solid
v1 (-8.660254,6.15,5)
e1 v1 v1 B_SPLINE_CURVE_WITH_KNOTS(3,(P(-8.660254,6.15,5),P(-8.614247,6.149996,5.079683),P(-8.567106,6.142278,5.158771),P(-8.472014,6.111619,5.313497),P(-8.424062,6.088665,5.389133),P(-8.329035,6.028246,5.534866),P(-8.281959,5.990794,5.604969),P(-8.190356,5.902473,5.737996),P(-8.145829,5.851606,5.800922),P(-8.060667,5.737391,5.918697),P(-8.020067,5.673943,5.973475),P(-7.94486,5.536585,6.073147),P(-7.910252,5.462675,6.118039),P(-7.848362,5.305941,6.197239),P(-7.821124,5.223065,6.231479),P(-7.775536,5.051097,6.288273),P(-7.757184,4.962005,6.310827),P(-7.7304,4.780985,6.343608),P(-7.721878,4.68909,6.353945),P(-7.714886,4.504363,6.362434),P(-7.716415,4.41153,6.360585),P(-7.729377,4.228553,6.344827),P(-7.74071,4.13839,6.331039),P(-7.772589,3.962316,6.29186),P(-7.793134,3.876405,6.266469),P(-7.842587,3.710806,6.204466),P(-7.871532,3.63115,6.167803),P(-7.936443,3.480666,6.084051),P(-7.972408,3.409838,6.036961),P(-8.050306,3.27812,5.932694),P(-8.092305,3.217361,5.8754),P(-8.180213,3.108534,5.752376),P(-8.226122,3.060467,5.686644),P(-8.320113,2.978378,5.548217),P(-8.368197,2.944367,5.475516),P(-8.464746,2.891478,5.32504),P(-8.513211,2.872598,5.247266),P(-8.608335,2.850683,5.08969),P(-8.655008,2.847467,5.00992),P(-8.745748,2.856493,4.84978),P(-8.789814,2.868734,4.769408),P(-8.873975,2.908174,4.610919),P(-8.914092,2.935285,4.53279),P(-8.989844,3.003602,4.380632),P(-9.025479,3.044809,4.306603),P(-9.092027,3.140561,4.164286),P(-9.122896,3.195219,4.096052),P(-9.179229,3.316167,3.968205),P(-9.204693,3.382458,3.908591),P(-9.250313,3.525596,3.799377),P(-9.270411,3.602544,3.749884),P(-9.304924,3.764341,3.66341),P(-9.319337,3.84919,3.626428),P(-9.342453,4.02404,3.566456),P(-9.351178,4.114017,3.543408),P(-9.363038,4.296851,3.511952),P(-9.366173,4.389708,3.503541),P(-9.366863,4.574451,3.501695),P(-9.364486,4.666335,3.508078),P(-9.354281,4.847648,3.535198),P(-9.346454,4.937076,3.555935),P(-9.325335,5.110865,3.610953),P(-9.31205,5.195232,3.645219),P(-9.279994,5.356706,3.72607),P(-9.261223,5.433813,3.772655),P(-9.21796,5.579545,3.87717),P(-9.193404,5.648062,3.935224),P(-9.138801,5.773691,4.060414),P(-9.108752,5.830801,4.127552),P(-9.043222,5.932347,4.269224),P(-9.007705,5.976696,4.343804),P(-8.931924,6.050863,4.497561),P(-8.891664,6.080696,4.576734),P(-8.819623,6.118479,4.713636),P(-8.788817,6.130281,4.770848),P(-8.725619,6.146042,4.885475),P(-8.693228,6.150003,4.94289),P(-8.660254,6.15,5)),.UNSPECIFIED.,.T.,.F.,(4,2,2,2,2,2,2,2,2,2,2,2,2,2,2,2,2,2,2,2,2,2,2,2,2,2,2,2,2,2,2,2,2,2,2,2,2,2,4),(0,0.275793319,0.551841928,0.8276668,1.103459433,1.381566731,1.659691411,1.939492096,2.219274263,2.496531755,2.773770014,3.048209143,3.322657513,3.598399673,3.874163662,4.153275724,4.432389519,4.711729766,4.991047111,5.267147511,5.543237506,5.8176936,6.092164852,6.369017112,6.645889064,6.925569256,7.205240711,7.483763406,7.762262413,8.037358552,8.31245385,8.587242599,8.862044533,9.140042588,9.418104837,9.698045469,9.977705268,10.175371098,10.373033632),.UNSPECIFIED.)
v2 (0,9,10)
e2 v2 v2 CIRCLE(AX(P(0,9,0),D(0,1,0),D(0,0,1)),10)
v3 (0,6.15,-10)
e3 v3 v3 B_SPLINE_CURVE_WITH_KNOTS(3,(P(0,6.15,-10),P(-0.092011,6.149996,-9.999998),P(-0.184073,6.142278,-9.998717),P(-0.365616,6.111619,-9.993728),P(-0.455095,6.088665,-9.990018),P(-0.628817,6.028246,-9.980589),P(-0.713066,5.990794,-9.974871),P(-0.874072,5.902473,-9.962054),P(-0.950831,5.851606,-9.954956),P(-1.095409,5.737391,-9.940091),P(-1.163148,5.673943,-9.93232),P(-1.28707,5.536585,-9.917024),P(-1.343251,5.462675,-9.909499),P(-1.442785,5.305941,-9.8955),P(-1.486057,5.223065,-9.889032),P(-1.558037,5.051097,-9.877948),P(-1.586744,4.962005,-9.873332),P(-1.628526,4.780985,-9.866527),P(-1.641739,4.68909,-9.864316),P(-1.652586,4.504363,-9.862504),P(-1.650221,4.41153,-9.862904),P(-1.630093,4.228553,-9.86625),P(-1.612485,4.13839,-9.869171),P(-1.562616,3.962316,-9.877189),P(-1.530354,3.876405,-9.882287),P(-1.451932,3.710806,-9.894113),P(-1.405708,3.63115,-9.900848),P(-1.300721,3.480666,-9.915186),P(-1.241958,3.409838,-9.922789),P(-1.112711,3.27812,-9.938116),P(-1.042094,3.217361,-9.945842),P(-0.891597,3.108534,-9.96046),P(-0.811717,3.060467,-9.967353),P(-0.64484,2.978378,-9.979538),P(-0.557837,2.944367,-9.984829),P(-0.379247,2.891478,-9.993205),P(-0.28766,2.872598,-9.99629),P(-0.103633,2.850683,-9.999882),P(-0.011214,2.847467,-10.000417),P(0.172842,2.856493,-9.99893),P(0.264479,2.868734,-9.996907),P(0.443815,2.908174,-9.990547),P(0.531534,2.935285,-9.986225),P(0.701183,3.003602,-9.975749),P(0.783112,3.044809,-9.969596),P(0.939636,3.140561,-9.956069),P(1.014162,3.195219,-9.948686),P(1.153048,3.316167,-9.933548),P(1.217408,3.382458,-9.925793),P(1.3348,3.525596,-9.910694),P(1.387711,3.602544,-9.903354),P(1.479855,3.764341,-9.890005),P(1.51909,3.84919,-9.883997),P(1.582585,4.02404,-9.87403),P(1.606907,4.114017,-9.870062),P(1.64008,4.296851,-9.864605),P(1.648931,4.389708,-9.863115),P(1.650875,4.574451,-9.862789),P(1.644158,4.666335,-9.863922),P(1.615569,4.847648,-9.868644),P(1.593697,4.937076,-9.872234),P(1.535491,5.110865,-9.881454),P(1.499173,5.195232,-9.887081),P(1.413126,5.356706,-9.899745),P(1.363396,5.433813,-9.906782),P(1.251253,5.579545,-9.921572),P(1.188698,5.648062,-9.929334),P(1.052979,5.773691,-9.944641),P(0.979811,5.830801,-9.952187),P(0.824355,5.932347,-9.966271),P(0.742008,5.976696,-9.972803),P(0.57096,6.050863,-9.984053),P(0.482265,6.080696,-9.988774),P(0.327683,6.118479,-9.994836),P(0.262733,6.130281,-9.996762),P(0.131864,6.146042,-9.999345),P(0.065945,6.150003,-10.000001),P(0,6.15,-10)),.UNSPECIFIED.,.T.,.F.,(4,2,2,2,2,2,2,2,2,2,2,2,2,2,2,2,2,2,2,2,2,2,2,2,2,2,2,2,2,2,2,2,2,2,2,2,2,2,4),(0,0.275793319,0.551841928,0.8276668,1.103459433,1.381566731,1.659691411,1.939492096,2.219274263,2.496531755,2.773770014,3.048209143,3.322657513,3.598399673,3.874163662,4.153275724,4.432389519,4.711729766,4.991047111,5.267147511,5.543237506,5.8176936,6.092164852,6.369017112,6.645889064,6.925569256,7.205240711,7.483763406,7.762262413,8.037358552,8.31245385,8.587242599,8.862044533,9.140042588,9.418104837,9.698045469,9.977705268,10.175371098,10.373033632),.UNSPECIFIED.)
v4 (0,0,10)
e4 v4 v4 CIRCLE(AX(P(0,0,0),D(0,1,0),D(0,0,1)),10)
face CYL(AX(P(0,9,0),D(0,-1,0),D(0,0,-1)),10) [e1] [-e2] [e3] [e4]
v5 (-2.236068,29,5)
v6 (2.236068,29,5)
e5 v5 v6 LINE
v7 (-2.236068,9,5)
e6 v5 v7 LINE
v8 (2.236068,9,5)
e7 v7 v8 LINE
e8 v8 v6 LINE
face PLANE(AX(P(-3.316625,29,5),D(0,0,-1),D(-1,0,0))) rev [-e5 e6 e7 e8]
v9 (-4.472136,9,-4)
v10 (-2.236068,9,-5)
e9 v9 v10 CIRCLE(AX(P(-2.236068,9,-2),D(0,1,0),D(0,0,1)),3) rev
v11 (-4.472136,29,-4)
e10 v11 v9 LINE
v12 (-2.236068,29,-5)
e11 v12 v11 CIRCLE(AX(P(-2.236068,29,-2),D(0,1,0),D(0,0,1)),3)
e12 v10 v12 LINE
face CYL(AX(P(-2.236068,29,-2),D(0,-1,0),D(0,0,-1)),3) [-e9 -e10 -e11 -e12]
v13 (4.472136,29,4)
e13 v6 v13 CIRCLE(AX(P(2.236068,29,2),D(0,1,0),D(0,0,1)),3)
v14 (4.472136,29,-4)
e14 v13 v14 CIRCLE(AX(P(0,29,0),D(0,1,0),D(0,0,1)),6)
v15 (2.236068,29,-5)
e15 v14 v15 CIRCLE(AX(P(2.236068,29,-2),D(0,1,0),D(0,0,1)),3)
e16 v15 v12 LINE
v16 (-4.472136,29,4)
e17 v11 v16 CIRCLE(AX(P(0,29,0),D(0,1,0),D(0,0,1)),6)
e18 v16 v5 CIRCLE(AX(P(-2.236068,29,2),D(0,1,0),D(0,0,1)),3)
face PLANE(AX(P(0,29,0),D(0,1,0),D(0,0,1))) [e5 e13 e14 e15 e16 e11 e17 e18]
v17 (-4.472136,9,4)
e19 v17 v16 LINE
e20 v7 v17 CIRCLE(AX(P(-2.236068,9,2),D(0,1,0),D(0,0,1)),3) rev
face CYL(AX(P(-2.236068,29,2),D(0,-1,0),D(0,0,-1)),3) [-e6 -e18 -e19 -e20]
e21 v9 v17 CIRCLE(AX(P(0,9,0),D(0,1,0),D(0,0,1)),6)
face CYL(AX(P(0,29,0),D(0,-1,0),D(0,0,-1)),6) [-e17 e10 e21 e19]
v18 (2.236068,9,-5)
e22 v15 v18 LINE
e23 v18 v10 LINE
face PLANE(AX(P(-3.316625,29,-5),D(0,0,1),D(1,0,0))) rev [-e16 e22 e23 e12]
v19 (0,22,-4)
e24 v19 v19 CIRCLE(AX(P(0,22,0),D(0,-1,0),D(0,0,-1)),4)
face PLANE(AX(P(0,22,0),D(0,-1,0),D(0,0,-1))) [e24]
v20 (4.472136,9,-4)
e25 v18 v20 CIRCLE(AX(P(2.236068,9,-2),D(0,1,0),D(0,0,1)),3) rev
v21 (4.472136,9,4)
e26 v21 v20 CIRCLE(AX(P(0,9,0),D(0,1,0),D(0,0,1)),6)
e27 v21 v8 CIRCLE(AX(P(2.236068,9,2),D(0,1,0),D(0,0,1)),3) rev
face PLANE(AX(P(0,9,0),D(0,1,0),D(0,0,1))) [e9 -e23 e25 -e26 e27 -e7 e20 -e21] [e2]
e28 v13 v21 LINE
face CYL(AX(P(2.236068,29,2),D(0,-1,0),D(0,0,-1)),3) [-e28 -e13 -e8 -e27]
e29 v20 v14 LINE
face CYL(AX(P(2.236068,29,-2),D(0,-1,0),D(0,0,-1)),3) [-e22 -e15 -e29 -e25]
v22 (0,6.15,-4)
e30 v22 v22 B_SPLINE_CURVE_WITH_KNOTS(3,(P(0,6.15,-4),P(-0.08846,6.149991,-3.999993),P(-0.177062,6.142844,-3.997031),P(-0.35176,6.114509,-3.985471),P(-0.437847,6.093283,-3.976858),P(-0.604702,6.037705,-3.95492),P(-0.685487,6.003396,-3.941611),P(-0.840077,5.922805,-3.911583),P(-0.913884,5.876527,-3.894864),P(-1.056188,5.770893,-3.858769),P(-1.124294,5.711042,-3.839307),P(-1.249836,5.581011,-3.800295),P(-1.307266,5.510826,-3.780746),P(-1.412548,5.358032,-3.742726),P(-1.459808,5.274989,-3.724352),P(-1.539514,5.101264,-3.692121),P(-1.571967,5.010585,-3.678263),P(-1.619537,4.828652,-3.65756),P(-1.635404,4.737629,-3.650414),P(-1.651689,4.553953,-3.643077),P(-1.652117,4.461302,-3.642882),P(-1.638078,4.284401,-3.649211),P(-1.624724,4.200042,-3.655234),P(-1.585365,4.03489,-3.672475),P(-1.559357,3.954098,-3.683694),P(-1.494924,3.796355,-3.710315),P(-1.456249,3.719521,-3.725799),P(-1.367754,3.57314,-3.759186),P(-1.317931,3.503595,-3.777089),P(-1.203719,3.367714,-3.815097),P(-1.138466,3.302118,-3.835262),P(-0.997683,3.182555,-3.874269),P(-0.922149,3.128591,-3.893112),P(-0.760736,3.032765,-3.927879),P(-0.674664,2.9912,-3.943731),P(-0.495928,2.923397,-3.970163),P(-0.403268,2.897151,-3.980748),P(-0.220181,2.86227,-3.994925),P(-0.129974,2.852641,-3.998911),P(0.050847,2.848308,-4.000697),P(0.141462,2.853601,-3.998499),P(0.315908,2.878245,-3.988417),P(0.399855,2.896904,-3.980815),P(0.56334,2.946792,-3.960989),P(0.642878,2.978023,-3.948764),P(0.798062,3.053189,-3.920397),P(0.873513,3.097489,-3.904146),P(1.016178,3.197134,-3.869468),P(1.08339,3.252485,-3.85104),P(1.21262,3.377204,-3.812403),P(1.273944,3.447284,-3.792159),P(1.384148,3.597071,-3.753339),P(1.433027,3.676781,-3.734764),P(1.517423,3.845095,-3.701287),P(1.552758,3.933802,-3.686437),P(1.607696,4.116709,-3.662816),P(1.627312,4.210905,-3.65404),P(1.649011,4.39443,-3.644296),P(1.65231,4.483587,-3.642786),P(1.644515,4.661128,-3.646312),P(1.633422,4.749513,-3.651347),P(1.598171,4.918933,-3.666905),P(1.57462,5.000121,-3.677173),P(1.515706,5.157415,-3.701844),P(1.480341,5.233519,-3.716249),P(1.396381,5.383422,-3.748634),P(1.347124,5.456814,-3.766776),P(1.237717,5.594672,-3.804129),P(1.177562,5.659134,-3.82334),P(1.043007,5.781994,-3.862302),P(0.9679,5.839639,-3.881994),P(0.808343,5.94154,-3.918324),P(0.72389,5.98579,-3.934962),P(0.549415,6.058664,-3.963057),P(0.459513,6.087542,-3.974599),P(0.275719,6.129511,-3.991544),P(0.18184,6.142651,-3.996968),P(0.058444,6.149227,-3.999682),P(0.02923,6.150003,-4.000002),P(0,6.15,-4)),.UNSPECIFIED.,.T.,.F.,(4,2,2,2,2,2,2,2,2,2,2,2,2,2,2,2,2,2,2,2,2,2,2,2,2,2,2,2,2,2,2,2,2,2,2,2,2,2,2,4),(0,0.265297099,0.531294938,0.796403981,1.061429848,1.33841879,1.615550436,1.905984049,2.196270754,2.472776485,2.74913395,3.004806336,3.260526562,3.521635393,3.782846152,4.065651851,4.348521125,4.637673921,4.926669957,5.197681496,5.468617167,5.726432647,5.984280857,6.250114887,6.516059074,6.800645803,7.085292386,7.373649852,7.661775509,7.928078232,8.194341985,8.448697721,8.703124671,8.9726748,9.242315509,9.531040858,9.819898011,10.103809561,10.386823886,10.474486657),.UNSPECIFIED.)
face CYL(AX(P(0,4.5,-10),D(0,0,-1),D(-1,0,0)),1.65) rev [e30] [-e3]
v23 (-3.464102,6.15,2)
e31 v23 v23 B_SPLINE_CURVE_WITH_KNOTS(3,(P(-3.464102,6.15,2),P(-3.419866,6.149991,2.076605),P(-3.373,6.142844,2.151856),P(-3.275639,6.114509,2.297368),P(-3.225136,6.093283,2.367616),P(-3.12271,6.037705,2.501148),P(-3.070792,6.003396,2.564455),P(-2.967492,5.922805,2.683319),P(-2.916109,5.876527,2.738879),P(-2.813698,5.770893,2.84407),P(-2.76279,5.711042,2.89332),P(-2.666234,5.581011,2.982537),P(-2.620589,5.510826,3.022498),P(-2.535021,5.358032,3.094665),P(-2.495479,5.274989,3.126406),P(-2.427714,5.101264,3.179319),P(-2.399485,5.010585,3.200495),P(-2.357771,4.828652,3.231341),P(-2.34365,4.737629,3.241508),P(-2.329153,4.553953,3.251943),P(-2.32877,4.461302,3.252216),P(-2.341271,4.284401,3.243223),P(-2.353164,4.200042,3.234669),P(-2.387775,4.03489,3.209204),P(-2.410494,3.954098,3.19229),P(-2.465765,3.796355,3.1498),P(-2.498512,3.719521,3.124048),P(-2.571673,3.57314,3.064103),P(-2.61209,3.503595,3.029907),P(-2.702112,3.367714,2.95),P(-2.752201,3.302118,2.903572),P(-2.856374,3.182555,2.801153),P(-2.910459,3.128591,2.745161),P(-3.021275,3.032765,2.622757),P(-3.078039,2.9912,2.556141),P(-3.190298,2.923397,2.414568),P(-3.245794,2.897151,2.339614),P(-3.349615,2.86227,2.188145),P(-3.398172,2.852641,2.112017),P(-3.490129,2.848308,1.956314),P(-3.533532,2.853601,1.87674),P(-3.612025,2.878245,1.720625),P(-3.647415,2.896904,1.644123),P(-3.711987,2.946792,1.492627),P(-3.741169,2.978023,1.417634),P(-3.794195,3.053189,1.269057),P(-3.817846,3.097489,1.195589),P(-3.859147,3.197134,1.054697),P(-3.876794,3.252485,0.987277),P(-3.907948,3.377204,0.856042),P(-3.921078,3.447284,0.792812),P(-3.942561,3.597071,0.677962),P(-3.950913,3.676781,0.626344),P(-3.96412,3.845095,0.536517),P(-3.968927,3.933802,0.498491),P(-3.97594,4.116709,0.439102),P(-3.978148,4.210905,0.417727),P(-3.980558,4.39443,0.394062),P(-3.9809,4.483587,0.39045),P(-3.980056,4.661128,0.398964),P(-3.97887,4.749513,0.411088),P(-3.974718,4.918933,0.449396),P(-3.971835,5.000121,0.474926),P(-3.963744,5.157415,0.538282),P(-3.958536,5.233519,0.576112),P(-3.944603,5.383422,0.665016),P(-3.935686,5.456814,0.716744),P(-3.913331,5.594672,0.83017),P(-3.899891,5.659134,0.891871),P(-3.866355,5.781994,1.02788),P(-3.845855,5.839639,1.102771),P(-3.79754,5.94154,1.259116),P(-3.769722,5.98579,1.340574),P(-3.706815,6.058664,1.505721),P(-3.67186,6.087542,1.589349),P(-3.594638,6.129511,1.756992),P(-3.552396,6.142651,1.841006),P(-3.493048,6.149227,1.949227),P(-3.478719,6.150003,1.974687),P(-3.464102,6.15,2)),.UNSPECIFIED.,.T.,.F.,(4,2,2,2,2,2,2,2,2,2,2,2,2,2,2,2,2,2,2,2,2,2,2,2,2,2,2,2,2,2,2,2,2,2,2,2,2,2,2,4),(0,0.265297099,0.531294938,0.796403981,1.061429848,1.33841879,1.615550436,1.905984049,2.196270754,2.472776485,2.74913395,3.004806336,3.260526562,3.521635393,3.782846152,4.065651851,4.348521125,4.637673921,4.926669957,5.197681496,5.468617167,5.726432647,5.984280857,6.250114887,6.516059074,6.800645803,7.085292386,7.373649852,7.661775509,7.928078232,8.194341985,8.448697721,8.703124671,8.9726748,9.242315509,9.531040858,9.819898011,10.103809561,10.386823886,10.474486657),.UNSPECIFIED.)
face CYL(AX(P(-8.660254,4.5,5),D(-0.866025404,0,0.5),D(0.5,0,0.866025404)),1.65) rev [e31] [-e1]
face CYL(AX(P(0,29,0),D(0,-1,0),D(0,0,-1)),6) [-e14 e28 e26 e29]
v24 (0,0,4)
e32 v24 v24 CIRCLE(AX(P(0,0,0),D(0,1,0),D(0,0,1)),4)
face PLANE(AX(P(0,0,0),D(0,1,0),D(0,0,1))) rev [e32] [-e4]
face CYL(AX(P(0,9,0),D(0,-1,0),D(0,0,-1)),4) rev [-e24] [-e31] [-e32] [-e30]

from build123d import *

# Parameters (mm, degrees)
SKETCH1_R              = 10
SKETCH1_R_2            = 4
BOSS_EXTRUDE1_DEPTH    = 9
BOSS_EXTRUDE2_DEPTH    = 20
SKETCH5_R              = 4
CUT_EXTRUDE3_DEPTH     = 13
FILLET1_R              = 3
M4_TAPPED_HOLE1_REACH  = 35.17
M4_TAPPED_HOLE1_BORE_R = 1.65
CIRPATTERN1_COUNT      = 2
CIRPATTERN1_ANGLE      = 120


with BuildPart() as part:
    # Sketch1 → Boss-Extrude1 (new body)
    with BuildSketch(Plane(origin=(0, 0, 0), x_dir=(1, 0, 0), z_dir=(0, 1, 0))):
        with Locations(Location((0, 0, 0), (0, 0, 270))):
            Circle(SKETCH1_R)
        with Locations(Location((0, 0, 0), (0, 0, 270))):
            Circle(SKETCH1_R_2, mode=Mode.SUBTRACT)
    extrude(amount=BOSS_EXTRUDE1_DEPTH)

    # Sketch4 → Boss-Extrude2 (add)
    with BuildSketch(Plane(origin=(0, 9, 0), x_dir=(1, 0, 0), z_dir=(0, 1, 0))):
        with BuildLine():
            Line((-3.31662479, -5), (3.31662479, -5))
            ThreePointArc((3.31662479, -5), (6, 0), (3.31662479, 5))
            Line((3.31662479, 5), (-3.31662479, 5))
            ThreePointArc((-3.31662479, 5), (-6, 0), (-3.31662479, -5))
        make_face()
    extrude(amount=BOSS_EXTRUDE2_DEPTH)

    # Sketch5 → Cut-Extrude3 (cut)
    with BuildSketch(Plane.XZ.offset(-9)):
        with Locations(Location((0, 0, 0), (0, 0, 270))):
            Circle(SKETCH5_R)
    extrude(amount=-CUT_EXTRUDE3_DEPTH, mode=Mode.SUBTRACT)

    # Fillet1
    fillet1_edges = [part.edges().sort_by_distance(p)[0] for p in [
        (3.31662479, 19, 5),
        (3.31662479, 19, -5),
        (-3.31662479, 19, -5),
        (-3.31662479, 19, 5),
    ]]
    fillet(fillet1_edges, radius=FILLET1_R)

    # M4 Tapped Hole1 bore (on position points) → M4 Tapped Hole1 (cut, up to next)
    with BuildSketch(Plane(origin=(0, 4.5, -10), x_dir=(-1, 0, 0), z_dir=(0, 0, -1)), mode=Mode.PRIVATE) as m4_tapped_hole1_sk1:
        Circle(M4_TAPPED_HOLE1_BORE_R)
    m4_tapped_hole1_tool1 = extrude(m4_tapped_hole1_sk1.sketch, amount=-M4_TAPPED_HOLE1_REACH, mode=Mode.PRIVATE) & part.part
    m4_tapped_hole1 = m4_tapped_hole1_tool1.solids().sort_by_distance((0, 4.5, -10))[0]
    add(m4_tapped_hole1, mode=Mode.SUBTRACT)

    # CirPattern1: M4 Tapped Hole1 ×2 about axis
    cirpattern1_axis = Axis((0, 9, 0), (0, 1, 0))
    for i in range(1, CIRPATTERN1_COUNT):
        add(m4_tapped_hole1.rotate(cirpattern1_axis, i * CIRPATTERN1_ANGLE / (CIRPATTERN1_COUNT - 1)), mode=Mode.SUBTRACT)


solid = part.part
